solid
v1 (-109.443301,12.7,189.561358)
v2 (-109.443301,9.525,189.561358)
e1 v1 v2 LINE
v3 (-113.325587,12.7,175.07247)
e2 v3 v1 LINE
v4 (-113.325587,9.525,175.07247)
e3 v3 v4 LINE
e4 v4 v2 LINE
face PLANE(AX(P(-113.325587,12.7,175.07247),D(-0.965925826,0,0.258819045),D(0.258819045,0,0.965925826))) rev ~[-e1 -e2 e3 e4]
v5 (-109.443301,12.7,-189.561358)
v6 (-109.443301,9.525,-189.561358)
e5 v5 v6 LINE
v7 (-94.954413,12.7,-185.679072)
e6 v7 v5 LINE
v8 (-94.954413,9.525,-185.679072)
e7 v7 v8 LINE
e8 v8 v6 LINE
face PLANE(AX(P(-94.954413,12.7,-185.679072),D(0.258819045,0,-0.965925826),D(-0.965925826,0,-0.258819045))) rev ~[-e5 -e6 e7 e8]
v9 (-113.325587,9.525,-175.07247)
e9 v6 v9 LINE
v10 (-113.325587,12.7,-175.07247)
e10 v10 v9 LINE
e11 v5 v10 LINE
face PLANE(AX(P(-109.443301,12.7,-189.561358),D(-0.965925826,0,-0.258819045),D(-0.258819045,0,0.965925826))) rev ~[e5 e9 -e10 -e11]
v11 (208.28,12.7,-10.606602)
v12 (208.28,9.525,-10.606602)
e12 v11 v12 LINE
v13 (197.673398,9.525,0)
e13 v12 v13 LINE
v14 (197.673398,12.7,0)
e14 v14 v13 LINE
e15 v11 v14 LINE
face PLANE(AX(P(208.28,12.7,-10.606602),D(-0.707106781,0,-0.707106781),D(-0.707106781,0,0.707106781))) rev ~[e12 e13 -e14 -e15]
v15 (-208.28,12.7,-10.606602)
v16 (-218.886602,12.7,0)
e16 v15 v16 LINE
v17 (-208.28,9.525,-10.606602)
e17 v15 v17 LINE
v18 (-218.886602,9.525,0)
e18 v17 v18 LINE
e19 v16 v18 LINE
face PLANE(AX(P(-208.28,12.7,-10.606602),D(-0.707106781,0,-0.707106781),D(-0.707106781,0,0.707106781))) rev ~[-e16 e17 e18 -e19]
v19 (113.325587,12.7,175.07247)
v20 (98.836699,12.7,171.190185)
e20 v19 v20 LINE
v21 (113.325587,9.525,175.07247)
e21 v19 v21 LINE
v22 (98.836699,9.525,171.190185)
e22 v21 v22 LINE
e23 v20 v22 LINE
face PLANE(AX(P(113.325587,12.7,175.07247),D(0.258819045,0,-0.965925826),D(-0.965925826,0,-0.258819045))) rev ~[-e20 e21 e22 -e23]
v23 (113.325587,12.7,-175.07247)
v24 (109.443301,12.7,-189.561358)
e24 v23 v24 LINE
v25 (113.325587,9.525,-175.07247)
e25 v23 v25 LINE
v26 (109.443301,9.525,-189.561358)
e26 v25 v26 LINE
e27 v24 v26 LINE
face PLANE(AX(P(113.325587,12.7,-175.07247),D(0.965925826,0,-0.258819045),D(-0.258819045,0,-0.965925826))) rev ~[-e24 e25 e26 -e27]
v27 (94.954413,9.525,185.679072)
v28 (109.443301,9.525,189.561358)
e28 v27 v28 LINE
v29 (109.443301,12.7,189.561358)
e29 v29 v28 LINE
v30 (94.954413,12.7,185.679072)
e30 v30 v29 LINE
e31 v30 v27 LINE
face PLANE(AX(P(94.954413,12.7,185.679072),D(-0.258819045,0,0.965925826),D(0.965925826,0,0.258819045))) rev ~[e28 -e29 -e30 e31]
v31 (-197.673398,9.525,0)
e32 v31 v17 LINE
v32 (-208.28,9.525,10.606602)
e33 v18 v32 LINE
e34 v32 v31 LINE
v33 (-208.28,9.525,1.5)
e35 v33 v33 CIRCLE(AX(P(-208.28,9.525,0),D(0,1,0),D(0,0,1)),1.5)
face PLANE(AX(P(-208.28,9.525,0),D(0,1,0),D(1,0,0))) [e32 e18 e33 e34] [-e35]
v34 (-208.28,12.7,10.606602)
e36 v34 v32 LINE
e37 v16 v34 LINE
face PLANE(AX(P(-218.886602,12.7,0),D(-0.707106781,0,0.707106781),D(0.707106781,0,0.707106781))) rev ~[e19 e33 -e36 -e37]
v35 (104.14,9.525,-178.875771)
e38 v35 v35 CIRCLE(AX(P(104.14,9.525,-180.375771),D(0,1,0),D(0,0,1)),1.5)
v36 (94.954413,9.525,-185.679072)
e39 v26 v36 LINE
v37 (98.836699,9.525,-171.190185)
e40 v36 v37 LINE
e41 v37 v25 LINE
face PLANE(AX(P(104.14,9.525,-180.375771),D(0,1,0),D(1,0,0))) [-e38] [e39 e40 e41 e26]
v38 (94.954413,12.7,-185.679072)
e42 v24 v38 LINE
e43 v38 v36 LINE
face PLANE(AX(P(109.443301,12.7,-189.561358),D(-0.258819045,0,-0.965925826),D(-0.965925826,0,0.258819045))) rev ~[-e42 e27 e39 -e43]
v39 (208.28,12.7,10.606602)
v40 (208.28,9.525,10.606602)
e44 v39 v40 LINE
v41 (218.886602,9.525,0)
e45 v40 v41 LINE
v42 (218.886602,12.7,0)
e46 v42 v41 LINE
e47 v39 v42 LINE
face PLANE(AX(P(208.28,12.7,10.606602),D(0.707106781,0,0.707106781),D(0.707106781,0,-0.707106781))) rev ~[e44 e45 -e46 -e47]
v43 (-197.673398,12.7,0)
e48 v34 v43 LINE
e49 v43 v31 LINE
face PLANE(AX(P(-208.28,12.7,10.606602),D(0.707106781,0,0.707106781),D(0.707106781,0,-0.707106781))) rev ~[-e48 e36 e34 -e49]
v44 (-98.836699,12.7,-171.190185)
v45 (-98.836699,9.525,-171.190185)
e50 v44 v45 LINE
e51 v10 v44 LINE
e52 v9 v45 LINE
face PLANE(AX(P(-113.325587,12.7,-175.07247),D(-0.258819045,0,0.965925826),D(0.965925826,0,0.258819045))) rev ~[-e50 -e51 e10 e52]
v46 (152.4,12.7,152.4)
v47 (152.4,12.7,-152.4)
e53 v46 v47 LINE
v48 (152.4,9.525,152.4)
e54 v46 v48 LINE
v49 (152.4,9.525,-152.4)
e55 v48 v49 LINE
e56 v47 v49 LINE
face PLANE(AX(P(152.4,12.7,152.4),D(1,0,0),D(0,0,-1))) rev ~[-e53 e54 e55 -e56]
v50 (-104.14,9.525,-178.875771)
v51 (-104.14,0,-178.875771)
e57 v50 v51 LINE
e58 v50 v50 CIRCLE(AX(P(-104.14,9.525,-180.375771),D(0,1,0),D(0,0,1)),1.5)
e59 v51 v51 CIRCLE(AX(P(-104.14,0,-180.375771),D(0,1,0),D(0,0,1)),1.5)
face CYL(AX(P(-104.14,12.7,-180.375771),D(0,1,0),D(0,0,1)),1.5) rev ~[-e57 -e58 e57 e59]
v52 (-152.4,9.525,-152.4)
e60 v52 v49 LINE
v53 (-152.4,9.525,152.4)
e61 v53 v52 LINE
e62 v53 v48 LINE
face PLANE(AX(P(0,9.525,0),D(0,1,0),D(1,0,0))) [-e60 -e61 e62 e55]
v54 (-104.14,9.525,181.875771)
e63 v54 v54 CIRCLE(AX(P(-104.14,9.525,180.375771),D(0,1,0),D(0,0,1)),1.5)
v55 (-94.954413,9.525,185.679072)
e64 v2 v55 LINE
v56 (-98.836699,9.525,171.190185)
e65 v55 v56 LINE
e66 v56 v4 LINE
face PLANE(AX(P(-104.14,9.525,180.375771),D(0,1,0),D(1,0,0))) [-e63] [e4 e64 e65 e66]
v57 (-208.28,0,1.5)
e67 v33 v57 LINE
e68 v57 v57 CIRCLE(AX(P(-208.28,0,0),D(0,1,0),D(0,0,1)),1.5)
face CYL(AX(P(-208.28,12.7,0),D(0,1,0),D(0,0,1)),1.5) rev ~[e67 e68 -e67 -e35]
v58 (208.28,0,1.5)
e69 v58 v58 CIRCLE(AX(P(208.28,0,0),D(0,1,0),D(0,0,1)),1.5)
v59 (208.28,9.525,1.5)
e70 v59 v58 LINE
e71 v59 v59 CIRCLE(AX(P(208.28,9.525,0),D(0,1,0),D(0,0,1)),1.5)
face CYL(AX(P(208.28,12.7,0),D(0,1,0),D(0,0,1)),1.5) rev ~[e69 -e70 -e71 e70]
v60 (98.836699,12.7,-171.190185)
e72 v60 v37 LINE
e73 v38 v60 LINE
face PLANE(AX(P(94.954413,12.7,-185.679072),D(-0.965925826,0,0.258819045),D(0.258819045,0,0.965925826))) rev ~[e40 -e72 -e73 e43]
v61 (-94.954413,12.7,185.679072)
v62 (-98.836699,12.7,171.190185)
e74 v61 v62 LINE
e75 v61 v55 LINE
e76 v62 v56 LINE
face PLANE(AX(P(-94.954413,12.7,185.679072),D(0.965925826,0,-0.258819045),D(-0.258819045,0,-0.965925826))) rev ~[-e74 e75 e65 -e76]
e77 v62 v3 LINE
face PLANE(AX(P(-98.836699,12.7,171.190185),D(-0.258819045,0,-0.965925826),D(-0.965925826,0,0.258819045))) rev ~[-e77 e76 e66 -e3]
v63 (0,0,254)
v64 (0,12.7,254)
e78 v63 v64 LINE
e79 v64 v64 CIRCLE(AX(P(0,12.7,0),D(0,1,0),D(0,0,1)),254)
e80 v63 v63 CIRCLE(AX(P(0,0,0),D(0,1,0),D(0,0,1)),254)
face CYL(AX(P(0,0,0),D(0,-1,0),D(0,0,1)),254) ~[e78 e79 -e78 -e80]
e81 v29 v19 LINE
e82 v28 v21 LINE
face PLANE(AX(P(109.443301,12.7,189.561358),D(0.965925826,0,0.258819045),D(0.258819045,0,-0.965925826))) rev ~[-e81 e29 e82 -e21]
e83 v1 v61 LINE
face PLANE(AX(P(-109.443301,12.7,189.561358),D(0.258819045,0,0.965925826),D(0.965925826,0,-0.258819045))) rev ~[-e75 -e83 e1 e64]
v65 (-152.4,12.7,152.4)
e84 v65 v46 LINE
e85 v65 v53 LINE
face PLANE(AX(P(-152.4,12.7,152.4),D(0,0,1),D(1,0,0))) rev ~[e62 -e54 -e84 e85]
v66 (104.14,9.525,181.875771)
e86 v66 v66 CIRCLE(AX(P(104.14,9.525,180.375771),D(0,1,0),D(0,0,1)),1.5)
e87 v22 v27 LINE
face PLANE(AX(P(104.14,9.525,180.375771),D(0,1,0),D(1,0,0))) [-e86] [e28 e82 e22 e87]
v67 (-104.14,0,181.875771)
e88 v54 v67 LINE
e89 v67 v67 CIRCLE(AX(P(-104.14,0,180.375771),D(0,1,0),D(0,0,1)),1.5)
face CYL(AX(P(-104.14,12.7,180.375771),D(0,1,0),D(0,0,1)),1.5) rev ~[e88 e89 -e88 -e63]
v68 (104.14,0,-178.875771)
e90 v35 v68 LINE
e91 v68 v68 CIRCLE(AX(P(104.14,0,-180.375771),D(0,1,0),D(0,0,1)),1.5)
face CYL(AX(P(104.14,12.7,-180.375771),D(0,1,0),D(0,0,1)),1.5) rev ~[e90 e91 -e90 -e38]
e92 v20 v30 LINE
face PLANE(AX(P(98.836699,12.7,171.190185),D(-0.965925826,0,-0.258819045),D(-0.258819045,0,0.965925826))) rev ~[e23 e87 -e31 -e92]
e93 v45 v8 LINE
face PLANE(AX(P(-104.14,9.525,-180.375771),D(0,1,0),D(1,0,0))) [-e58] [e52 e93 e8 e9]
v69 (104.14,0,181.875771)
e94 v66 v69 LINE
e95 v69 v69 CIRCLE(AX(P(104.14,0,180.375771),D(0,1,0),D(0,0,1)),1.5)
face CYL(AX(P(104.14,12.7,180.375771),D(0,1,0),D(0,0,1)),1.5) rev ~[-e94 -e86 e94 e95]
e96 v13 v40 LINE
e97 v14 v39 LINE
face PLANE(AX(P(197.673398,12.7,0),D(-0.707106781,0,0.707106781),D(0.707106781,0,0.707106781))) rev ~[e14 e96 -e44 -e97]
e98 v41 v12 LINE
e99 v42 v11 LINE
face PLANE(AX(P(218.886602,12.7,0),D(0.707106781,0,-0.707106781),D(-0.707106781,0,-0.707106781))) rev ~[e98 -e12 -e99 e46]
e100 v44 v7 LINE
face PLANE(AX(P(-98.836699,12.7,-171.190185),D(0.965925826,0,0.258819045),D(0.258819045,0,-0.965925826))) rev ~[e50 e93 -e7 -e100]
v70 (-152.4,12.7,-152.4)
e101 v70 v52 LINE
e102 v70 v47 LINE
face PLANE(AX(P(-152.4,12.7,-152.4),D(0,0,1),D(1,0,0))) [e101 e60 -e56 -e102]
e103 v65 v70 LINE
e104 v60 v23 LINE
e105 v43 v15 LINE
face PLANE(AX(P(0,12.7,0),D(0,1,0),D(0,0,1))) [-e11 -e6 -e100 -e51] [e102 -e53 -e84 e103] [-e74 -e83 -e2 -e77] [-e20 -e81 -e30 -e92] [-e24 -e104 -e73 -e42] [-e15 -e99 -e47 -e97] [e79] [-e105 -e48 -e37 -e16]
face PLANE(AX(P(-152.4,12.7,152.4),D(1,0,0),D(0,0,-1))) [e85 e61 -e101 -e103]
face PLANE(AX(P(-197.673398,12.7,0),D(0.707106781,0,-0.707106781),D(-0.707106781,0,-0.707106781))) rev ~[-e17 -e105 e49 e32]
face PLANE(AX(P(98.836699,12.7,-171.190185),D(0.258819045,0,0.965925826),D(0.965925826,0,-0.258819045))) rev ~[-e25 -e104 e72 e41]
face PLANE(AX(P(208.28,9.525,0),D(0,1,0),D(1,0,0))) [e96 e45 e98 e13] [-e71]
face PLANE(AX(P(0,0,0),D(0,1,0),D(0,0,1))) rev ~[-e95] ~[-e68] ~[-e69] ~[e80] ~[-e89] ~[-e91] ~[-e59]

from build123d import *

# Parameters (mm, degrees)
SKETCH1_R           = 254
BOSS_EXTRUDE1_DEPTH = 12.7
SKETCH2_W           = 304.8
SKETCH2_H           = 304.8
CUT_EXTRUDE1_DEPTH  = 3.175
CUT_EXTRUDE2_DEPTH  = 3.175
SKETCH4_R           = 1.5
CUT_EXTRUDE3_DEPTH  = 360.434681131


with BuildPart() as part:
    # Sketch1 → Boss-Extrude1 (new body)
    with BuildSketch(Plane(origin=(0, 0, 0), x_dir=(1, 0, 0), z_dir=(0, 1, 0))):
        with Locations(Location((0, 0, 0), (0, 0, 270))):
            Circle(SKETCH1_R)
    extrude(amount=BOSS_EXTRUDE1_DEPTH)

    # Sketch2 → Cut-Extrude1 (cut)
    with BuildSketch(Plane(origin=(0, 12.7, 0), x_dir=(1, 0, 0), z_dir=(0, 1, 0))):
        Rectangle(SKETCH2_W, SKETCH2_H)
    extrude(amount=-CUT_EXTRUDE1_DEPTH, mode=Mode.SUBTRACT)

    # Sketch3 → Cut-Extrude2 (cut)
    with BuildSketch(Plane(origin=(0, 12.7, 0), x_dir=(1, 0, 0), z_dir=(0, 1, 0))):
        Polygon((94.954413465, 185.679071959), (98.836699141, 171.190184565), (113.325586535, 175.072470241), (109.443300859, 189.561357636), align=None)
        Polygon((218.886601718, 0), (208.28, 10.606601718), (197.673398282, 0), (208.28, -10.606601718), align=None)
        Polygon((109.443300859, -189.561357636), (113.325586535, -175.072470241), (98.836699141, -171.190184565), (94.954413465, -185.679071959), align=None)
        Polygon((-109.443300859, -189.561357636), (-94.954413465, -185.679071959), (-98.836699141, -171.190184565), (-113.325586535, -175.072470241), align=None)
        Polygon((-218.886601718, 0), (-208.28, -10.606601718), (-197.673398282, 0), (-208.28, 10.606601718), align=None)
        Polygon((-109.443300859, 189.561357636), (-113.325586535, 175.072470241), (-98.836699141, 171.190184565), (-94.954413465, 185.679071959), align=None)
    extrude(amount=-CUT_EXTRUDE2_DEPTH, mode=Mode.SUBTRACT)

    # Sketch4 → Cut-Extrude3 (cut, through all)
    with BuildSketch(Plane(origin=(0, 12.7, 0), x_dir=(1, 0, 0), z_dir=(0, 1, 0))):
        with Locations(Location((104.14, 180.3757711, 0), (0, 0, 270))):
            Circle(SKETCH4_R)
        with Locations(Location((208.28, 0, 0), (0, 0, 270))):
            Circle(SKETCH4_R)
        with Locations(Location((104.14, -180.3757711, 0), (0, 0, 270))):
            Circle(SKETCH4_R)
        with Locations(Location((-104.14, -180.3757711, 0), (0, 0, 270))):
            Circle(SKETCH4_R)
        with Locations(Location((-208.28, 0, 0), (0, 0, 270))):
            Circle(SKETCH4_R)
        with Locations(Location((-104.14, 180.3757711, 0), (0, 0, 270))):
            Circle(SKETCH4_R)
    extrude(amount=-CUT_EXTRUDE3_DEPTH, mode=Mode.SUBTRACT)


solid = part.part
